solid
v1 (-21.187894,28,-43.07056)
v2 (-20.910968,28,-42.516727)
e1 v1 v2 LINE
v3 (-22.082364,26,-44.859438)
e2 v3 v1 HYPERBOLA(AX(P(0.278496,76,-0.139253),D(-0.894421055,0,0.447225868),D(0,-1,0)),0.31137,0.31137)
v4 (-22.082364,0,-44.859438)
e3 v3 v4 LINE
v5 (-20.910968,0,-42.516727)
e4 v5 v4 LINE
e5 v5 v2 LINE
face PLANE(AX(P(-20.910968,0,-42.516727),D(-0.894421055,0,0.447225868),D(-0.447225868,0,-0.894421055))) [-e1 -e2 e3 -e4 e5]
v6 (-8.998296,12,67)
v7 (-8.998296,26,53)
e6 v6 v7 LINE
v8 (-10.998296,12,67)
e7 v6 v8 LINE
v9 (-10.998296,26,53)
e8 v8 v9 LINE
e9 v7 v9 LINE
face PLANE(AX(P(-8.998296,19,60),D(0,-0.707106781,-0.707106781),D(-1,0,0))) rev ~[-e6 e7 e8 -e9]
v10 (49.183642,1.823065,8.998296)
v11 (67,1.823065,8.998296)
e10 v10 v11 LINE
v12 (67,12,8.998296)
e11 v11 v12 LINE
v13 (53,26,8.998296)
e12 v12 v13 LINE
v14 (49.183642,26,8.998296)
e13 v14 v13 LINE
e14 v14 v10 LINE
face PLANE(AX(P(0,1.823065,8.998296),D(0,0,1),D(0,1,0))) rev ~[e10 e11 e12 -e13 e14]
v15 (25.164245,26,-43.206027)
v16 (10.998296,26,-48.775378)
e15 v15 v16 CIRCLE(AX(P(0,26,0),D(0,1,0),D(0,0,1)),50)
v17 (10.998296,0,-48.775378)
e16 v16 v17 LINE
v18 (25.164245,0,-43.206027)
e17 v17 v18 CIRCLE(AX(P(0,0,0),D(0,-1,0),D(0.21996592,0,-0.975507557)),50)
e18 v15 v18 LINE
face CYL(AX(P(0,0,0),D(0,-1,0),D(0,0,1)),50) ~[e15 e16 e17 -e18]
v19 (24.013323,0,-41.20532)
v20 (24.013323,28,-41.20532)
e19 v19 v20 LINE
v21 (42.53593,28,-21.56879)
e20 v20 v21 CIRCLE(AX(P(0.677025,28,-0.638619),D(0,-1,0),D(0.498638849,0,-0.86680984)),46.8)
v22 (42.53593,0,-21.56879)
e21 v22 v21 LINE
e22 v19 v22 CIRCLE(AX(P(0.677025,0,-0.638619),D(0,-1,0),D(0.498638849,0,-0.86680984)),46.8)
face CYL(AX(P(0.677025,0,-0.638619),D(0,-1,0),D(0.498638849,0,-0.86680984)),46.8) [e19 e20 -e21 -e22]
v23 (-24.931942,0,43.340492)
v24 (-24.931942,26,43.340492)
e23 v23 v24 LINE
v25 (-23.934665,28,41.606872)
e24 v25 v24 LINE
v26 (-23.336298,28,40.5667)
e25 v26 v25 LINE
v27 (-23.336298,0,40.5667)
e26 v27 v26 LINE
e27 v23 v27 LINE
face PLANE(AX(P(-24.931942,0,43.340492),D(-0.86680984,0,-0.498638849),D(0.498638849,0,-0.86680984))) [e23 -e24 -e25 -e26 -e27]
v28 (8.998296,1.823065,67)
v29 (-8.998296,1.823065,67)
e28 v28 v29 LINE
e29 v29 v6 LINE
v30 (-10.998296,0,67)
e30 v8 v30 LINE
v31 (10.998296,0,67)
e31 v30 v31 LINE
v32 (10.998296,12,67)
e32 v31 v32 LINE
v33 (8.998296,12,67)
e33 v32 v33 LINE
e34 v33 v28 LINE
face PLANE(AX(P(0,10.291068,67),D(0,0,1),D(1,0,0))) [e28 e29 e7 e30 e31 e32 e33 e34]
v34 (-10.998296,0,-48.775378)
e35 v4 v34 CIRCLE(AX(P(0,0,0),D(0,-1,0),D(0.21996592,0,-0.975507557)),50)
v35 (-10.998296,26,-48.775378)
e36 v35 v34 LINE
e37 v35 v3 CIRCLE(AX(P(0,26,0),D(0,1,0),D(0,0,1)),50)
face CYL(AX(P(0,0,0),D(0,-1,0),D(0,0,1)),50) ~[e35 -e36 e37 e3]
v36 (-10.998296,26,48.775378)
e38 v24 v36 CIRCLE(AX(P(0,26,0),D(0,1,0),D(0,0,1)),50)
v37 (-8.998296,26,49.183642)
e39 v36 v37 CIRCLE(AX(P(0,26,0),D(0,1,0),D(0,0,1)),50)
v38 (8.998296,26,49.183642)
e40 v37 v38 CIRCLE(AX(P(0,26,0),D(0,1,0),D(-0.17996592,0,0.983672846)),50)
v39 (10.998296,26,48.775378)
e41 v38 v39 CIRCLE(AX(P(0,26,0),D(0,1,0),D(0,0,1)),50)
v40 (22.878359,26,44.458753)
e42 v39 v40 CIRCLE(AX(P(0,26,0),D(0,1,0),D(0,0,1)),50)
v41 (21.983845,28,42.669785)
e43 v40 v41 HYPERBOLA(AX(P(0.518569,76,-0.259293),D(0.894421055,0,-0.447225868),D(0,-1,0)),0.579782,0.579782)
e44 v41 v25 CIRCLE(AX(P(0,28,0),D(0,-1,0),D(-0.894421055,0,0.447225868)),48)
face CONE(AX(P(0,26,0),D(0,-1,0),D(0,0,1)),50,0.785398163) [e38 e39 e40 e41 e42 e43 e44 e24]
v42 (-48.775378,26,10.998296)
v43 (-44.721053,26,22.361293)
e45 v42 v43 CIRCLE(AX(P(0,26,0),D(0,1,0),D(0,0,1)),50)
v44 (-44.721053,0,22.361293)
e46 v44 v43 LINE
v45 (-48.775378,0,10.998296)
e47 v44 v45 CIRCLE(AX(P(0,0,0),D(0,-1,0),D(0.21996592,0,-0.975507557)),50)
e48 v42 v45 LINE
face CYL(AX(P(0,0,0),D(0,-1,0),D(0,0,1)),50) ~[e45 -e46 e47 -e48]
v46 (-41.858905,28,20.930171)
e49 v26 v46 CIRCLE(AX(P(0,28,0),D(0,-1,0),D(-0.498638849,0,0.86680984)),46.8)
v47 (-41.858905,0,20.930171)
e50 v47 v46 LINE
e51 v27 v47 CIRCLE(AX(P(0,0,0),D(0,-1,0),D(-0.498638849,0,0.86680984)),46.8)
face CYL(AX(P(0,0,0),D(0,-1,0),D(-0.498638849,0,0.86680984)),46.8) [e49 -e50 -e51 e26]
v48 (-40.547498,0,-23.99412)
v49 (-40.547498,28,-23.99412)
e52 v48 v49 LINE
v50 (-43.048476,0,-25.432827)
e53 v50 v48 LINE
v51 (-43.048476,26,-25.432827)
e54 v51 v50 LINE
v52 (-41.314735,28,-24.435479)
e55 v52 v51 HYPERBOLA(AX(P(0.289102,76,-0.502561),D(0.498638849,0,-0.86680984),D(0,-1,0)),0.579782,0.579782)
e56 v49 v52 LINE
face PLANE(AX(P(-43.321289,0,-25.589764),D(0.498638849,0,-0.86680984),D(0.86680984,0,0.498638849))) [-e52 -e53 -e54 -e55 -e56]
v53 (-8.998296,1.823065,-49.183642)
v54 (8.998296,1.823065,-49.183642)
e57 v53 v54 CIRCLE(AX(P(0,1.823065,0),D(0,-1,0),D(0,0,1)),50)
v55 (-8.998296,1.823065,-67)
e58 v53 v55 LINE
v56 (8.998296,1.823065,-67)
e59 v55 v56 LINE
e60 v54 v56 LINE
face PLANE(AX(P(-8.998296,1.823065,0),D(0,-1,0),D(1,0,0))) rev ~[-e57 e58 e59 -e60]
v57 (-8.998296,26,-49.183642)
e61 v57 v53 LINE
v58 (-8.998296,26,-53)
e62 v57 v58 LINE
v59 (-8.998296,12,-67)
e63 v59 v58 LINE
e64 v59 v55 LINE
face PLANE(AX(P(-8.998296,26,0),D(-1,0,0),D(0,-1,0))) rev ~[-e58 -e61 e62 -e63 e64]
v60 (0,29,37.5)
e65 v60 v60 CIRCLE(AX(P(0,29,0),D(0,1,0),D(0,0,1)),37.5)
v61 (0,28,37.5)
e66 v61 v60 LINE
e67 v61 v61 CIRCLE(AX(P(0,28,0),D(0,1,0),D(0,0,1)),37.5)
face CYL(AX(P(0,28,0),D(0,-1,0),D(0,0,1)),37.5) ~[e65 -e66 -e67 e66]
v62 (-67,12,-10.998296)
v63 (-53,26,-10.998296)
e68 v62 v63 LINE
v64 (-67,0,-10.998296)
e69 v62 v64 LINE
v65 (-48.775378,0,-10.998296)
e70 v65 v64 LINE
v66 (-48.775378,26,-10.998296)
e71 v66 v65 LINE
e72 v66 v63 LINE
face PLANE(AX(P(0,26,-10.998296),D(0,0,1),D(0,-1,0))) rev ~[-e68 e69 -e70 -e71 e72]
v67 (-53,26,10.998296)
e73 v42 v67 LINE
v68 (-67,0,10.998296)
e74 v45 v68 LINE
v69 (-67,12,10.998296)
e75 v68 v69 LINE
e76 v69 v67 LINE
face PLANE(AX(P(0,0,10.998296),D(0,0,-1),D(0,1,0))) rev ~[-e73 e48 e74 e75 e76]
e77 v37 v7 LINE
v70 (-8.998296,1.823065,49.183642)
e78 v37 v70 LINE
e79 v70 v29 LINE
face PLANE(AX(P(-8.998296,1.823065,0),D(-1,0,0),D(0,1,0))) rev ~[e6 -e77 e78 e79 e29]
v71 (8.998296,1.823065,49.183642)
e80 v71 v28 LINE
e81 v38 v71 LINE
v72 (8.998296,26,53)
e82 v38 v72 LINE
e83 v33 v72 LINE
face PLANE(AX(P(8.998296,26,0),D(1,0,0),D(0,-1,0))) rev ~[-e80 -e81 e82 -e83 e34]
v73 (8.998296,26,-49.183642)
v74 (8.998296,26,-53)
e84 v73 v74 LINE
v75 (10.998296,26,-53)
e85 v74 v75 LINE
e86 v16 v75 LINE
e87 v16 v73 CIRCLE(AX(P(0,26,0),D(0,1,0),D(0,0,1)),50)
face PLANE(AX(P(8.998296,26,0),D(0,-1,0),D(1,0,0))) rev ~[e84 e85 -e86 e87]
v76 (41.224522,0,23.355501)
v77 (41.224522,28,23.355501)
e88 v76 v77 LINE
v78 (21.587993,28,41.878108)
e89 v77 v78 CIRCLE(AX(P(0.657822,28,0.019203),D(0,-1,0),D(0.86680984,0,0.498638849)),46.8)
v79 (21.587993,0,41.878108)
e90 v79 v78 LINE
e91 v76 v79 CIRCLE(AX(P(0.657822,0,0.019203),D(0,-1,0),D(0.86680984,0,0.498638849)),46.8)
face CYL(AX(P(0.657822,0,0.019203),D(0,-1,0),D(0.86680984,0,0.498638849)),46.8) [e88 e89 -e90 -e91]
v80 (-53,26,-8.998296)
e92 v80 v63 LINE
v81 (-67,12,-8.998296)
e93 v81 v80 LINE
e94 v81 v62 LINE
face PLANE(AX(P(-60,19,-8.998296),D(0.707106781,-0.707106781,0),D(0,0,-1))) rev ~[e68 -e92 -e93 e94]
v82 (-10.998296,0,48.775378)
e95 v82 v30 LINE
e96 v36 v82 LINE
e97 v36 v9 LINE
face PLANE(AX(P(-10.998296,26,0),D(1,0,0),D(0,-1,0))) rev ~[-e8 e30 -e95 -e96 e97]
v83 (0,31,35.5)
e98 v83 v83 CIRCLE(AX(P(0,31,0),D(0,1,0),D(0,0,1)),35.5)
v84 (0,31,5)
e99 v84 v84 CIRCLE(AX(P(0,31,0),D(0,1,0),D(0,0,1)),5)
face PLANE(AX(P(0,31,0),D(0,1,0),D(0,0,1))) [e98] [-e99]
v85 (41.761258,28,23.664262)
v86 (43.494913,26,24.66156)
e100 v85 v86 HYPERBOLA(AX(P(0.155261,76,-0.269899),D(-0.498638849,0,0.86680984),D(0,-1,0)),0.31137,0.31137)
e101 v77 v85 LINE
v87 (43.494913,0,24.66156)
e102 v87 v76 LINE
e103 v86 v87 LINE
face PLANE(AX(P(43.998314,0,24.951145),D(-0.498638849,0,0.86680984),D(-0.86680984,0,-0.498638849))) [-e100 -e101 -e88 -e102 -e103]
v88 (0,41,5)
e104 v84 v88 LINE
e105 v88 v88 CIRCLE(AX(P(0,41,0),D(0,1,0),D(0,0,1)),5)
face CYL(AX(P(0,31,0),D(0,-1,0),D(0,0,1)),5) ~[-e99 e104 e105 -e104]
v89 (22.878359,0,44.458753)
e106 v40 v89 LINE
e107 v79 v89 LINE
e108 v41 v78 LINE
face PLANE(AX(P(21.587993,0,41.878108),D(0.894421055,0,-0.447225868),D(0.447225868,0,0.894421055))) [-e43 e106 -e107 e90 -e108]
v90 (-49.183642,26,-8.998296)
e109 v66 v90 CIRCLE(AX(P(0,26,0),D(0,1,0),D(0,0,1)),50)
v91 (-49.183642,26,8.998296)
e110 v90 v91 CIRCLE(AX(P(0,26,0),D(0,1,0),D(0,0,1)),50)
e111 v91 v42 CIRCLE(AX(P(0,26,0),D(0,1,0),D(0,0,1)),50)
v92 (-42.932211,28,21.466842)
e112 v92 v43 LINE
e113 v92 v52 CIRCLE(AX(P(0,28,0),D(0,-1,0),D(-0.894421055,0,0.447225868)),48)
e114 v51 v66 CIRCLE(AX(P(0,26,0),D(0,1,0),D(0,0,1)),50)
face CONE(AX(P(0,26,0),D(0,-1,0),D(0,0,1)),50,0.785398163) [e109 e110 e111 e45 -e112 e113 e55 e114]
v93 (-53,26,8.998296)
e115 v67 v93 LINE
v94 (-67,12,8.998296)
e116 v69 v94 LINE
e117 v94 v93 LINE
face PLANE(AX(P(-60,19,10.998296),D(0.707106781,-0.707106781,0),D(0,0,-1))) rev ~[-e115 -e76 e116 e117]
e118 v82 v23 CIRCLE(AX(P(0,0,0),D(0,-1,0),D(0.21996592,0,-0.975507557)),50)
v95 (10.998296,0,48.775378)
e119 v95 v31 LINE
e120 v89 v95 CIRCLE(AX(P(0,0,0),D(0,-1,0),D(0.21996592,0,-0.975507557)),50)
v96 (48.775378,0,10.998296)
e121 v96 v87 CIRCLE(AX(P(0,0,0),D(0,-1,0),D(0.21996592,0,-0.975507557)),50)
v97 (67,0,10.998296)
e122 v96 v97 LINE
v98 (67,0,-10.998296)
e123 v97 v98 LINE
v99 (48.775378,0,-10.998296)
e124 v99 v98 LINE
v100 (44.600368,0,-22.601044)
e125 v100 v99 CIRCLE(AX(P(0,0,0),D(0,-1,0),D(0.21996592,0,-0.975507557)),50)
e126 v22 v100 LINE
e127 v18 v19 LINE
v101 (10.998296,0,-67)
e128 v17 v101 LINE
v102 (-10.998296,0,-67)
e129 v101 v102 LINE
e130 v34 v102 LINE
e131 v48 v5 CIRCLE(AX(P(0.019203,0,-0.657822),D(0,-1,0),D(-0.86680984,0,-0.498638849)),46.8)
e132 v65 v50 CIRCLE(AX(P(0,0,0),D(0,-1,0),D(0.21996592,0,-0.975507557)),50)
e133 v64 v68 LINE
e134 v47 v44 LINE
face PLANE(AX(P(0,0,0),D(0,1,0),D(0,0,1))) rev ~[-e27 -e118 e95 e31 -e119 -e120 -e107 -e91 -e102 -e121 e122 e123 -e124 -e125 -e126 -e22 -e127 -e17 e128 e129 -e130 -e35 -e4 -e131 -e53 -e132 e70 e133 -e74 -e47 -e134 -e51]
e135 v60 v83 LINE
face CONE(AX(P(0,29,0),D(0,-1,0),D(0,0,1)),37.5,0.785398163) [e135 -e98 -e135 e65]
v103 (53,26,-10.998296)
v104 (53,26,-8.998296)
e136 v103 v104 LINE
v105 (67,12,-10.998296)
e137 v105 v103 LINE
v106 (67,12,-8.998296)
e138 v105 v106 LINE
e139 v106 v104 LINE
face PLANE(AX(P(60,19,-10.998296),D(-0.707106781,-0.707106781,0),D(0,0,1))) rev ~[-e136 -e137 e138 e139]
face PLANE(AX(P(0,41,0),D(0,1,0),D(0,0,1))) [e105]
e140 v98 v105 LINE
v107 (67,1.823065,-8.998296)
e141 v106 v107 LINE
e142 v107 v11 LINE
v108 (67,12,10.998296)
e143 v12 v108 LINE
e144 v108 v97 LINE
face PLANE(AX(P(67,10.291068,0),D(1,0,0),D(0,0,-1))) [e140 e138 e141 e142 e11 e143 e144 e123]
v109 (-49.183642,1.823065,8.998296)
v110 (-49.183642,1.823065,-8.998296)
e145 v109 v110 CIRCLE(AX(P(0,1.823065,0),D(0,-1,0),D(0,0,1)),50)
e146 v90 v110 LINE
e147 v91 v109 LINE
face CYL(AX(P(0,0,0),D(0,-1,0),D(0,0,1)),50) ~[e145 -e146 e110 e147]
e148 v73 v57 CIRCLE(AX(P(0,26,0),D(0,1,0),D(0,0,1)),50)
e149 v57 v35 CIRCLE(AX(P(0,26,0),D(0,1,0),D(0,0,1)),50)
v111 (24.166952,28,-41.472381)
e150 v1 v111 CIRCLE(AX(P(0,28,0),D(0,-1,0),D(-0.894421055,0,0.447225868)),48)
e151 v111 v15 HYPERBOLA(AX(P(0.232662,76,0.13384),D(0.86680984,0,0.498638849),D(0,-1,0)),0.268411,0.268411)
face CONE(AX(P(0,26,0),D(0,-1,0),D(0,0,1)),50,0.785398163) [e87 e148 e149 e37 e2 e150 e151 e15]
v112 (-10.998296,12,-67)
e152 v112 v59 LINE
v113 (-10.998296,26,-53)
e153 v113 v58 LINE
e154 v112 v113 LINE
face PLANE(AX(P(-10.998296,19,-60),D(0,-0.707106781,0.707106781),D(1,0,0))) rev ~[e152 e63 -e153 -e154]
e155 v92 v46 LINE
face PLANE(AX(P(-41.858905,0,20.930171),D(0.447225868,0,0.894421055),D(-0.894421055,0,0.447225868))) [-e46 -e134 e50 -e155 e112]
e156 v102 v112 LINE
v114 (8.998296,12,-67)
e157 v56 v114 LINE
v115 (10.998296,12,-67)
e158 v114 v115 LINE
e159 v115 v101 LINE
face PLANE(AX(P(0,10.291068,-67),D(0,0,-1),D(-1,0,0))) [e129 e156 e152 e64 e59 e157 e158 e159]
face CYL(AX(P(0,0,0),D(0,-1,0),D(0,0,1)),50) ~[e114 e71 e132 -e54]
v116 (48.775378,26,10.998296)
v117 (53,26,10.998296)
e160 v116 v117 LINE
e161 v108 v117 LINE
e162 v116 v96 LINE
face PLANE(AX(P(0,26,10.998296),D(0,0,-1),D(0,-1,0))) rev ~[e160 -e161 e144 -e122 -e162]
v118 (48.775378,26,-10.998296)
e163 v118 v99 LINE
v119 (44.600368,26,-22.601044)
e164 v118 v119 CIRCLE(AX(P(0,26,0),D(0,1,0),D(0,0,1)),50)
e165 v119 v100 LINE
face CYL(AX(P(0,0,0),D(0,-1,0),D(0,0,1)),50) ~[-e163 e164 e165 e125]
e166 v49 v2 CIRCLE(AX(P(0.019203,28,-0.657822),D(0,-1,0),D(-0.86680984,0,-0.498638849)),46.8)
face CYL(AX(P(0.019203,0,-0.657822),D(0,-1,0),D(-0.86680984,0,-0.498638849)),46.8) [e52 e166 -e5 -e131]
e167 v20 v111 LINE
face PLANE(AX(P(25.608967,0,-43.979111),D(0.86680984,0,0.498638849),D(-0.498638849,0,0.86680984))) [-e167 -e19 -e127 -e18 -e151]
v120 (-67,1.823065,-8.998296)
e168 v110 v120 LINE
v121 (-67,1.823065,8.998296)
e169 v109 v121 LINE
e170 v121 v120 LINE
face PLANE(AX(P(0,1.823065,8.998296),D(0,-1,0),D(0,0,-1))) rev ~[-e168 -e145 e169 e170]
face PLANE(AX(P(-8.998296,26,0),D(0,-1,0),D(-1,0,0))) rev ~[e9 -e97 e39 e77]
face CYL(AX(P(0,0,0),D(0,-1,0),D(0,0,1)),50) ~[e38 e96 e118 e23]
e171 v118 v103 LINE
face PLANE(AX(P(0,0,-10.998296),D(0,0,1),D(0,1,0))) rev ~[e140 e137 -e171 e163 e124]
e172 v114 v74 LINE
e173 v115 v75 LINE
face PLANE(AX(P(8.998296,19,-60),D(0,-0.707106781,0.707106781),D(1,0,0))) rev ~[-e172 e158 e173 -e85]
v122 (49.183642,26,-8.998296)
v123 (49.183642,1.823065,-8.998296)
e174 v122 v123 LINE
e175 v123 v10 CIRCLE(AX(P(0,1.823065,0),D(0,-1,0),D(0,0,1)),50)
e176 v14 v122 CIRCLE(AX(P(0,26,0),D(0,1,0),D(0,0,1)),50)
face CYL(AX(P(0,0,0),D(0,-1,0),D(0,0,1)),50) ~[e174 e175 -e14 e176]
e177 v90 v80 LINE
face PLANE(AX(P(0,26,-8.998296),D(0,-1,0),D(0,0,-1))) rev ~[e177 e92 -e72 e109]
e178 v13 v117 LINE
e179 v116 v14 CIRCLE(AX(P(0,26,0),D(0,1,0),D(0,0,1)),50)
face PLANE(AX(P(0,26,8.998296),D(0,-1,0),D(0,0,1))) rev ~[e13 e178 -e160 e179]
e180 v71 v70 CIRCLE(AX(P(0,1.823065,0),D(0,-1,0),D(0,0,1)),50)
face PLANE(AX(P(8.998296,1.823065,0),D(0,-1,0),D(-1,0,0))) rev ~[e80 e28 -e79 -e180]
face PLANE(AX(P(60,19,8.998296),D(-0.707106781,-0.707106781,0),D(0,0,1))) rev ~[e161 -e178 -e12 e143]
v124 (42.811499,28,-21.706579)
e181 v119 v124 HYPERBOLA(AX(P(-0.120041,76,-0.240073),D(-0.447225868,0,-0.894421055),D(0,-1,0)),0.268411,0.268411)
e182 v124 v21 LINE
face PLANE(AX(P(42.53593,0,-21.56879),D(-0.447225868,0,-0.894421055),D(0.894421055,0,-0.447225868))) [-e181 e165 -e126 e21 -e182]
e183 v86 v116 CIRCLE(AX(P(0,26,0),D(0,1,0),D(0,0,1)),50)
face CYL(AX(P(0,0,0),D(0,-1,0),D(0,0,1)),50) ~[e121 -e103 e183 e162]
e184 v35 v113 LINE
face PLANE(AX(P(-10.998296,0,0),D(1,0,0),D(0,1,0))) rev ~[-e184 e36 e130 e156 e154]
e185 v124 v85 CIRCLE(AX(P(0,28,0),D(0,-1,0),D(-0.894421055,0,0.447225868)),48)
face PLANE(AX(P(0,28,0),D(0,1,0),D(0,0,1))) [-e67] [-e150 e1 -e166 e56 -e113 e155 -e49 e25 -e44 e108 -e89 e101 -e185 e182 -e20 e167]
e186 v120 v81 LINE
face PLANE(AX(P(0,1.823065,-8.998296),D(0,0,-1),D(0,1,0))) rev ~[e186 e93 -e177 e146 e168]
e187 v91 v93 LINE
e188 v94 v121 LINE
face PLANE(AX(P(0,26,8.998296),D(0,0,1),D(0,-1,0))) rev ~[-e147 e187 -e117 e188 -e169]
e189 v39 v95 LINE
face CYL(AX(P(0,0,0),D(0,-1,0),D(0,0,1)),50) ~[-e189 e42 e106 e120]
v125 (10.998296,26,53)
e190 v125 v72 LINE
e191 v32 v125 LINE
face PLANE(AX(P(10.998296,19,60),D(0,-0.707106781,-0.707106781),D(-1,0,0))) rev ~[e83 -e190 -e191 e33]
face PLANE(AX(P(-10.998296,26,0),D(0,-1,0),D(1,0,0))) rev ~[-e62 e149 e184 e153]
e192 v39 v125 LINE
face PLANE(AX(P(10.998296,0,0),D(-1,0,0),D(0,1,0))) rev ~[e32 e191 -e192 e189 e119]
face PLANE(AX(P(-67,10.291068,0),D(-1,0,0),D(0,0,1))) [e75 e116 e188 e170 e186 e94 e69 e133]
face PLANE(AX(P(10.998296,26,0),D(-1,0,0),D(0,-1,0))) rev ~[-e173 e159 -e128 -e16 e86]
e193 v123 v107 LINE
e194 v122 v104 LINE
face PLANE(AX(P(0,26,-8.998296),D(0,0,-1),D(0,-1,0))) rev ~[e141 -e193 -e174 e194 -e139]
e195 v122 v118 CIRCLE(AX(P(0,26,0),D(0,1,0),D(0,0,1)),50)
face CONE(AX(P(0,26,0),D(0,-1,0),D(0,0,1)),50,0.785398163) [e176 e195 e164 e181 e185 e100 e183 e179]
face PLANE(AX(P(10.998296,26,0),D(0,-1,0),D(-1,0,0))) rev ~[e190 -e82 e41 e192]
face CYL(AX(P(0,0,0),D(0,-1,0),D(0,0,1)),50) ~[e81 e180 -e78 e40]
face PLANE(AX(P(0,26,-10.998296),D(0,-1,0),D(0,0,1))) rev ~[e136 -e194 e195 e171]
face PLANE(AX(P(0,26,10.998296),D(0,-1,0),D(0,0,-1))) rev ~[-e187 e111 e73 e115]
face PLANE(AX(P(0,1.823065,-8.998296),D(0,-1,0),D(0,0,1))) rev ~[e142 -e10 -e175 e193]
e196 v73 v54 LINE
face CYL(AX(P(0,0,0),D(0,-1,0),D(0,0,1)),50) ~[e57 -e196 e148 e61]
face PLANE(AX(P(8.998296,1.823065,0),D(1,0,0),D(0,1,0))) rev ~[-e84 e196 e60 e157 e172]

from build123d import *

# Parameters (mm, degrees)
SKETCH1_R           = 50
BOSS_EXTRUDE1_DEPTH = 28
SKETCH2_R           = 37.5
BOSS_EXTRUDE2_DEPTH = 3
CHAMFER1_SIZE       = 2
SKETCH3_R           = 5
BOSS_EXTRUDE3_DEPTH = 10
BOSS_EXTRUDE4_DEPTH = 67
CIRPATTERN6_COUNT   = 4
CHAMFER2_SIZE       = 14
CUT_EXTRUDE1_DEPTH  = 67
CIRPATTERN7_COUNT   = 4


with BuildPart() as part:
    # Sketch1 → Boss-Extrude1 (new body)
    with BuildSketch(Plane(origin=(0, 0, 0), x_dir=(1, 0, 0), z_dir=(0, 1, 0))):
        with Locations(Location((0, 0, 0), (0, 0, 270))):
            Circle(SKETCH1_R)
    extrude(amount=BOSS_EXTRUDE1_DEPTH)

    # Sketch2 → Boss-Extrude2 (add)
    with BuildSketch(Plane(origin=(0, 28, 0), x_dir=(1, 0, 0), z_dir=(0, 1, 0))):
        with Locations(Location((0, 0, 0), (0, 0, 270))):
            Circle(SKETCH2_R)
    extrude(amount=BOSS_EXTRUDE2_DEPTH)

    # Chamfer1
    chamfer1_edges = [part.edges().sort_by_distance(p)[0] for p in [
        (0, 28, -50),
        (0, 31, -37.5),
    ]]
    chamfer(chamfer1_edges, length=CHAMFER1_SIZE)

    # Sketch3 → Boss-Extrude3 (add)
    with BuildSketch(Plane(origin=(0, 31, 0), x_dir=(1, 0, 0), z_dir=(0, 1, 0))):
        with Locations(Location((0, 0, 0), (0, 0, 270))):
            Circle(SKETCH3_R)
    extrude(amount=BOSS_EXTRUDE3_DEPTH)

    # Sketch4 → Boss-Extrude4 (add)
    with BuildSketch(Plane.XY):
        Polygon((-8.998295996, 1.823065443), (8.998295996, 1.823065443), (8.998295996, 26), (10.998295996, 26), (10.998295996, 0), (-10.998295996, 0), (-10.998295996, 26), (-8.998295996, 26), align=None)
    boss_extrude4 = extrude(amount=-BOSS_EXTRUDE4_DEPTH)

    # CirPattern6: Boss-Extrude4 ×4 about axis
    cirpattern6_axis = Axis((0, 0, 0), (0, 1, 0))
    for i in range(1, CIRPATTERN6_COUNT):
        add(boss_extrude4.rotate(cirpattern6_axis, i * 360 / CIRPATTERN6_COUNT))

    # Chamfer2
    chamfer2_edges = [part.edges().sort_by_distance(p)[0] for p in [
        (9.998295996, 26, -67),
        (-9.998295996, 26, -67),
        (-67, 26, -9.998295996),
        (-9.998295996, 26, 67),
        (-67, 26, 9.998295996),
        (67, 26, 9.998295996),
        (67, 26, -9.998295996),
        (9.998295996, 26, 67),
    ]]
    chamfer(chamfer2_edges, length=CHAMFER2_SIZE)

    # Sketch10 → Cut-Extrude1 (cut)
    with BuildSketch(Plane(origin=(0, 0, 0), x_dir=(-1, 0, 0), z_dir=(0, -1, 0))):
        with BuildLine():
            Line((24.931942454, -43.340491985), (23.336298137, -40.566700498))
            ThreePointArc((23.336298137, -40.566700498), (34.044117933, -32.112895139), (41.858905353, -20.930170631))
            Line((41.858905353, -20.930170631), (44.721052728, -22.361293409))
            ThreePointArc((44.721052728, -22.361293409), (36.371920868, -34.308648652), (24.931942454, -43.340491985))
        make_face()
    cut_extrude1 = extrude(amount=-CUT_EXTRUDE1_DEPTH, mode=Mode.SUBTRACT)

    # CirPattern7: Cut-Extrude1 ×4 about axis
    cirpattern7_axis = Axis((0.338512389, 0, -0.319309576), (0, 1, 0))
    for i in range(1, CIRPATTERN7_COUNT):
        add(cut_extrude1.rotate(cirpattern7_axis, i * 360 / CIRPATTERN7_COUNT), mode=Mode.SUBTRACT)


solid = part.part
